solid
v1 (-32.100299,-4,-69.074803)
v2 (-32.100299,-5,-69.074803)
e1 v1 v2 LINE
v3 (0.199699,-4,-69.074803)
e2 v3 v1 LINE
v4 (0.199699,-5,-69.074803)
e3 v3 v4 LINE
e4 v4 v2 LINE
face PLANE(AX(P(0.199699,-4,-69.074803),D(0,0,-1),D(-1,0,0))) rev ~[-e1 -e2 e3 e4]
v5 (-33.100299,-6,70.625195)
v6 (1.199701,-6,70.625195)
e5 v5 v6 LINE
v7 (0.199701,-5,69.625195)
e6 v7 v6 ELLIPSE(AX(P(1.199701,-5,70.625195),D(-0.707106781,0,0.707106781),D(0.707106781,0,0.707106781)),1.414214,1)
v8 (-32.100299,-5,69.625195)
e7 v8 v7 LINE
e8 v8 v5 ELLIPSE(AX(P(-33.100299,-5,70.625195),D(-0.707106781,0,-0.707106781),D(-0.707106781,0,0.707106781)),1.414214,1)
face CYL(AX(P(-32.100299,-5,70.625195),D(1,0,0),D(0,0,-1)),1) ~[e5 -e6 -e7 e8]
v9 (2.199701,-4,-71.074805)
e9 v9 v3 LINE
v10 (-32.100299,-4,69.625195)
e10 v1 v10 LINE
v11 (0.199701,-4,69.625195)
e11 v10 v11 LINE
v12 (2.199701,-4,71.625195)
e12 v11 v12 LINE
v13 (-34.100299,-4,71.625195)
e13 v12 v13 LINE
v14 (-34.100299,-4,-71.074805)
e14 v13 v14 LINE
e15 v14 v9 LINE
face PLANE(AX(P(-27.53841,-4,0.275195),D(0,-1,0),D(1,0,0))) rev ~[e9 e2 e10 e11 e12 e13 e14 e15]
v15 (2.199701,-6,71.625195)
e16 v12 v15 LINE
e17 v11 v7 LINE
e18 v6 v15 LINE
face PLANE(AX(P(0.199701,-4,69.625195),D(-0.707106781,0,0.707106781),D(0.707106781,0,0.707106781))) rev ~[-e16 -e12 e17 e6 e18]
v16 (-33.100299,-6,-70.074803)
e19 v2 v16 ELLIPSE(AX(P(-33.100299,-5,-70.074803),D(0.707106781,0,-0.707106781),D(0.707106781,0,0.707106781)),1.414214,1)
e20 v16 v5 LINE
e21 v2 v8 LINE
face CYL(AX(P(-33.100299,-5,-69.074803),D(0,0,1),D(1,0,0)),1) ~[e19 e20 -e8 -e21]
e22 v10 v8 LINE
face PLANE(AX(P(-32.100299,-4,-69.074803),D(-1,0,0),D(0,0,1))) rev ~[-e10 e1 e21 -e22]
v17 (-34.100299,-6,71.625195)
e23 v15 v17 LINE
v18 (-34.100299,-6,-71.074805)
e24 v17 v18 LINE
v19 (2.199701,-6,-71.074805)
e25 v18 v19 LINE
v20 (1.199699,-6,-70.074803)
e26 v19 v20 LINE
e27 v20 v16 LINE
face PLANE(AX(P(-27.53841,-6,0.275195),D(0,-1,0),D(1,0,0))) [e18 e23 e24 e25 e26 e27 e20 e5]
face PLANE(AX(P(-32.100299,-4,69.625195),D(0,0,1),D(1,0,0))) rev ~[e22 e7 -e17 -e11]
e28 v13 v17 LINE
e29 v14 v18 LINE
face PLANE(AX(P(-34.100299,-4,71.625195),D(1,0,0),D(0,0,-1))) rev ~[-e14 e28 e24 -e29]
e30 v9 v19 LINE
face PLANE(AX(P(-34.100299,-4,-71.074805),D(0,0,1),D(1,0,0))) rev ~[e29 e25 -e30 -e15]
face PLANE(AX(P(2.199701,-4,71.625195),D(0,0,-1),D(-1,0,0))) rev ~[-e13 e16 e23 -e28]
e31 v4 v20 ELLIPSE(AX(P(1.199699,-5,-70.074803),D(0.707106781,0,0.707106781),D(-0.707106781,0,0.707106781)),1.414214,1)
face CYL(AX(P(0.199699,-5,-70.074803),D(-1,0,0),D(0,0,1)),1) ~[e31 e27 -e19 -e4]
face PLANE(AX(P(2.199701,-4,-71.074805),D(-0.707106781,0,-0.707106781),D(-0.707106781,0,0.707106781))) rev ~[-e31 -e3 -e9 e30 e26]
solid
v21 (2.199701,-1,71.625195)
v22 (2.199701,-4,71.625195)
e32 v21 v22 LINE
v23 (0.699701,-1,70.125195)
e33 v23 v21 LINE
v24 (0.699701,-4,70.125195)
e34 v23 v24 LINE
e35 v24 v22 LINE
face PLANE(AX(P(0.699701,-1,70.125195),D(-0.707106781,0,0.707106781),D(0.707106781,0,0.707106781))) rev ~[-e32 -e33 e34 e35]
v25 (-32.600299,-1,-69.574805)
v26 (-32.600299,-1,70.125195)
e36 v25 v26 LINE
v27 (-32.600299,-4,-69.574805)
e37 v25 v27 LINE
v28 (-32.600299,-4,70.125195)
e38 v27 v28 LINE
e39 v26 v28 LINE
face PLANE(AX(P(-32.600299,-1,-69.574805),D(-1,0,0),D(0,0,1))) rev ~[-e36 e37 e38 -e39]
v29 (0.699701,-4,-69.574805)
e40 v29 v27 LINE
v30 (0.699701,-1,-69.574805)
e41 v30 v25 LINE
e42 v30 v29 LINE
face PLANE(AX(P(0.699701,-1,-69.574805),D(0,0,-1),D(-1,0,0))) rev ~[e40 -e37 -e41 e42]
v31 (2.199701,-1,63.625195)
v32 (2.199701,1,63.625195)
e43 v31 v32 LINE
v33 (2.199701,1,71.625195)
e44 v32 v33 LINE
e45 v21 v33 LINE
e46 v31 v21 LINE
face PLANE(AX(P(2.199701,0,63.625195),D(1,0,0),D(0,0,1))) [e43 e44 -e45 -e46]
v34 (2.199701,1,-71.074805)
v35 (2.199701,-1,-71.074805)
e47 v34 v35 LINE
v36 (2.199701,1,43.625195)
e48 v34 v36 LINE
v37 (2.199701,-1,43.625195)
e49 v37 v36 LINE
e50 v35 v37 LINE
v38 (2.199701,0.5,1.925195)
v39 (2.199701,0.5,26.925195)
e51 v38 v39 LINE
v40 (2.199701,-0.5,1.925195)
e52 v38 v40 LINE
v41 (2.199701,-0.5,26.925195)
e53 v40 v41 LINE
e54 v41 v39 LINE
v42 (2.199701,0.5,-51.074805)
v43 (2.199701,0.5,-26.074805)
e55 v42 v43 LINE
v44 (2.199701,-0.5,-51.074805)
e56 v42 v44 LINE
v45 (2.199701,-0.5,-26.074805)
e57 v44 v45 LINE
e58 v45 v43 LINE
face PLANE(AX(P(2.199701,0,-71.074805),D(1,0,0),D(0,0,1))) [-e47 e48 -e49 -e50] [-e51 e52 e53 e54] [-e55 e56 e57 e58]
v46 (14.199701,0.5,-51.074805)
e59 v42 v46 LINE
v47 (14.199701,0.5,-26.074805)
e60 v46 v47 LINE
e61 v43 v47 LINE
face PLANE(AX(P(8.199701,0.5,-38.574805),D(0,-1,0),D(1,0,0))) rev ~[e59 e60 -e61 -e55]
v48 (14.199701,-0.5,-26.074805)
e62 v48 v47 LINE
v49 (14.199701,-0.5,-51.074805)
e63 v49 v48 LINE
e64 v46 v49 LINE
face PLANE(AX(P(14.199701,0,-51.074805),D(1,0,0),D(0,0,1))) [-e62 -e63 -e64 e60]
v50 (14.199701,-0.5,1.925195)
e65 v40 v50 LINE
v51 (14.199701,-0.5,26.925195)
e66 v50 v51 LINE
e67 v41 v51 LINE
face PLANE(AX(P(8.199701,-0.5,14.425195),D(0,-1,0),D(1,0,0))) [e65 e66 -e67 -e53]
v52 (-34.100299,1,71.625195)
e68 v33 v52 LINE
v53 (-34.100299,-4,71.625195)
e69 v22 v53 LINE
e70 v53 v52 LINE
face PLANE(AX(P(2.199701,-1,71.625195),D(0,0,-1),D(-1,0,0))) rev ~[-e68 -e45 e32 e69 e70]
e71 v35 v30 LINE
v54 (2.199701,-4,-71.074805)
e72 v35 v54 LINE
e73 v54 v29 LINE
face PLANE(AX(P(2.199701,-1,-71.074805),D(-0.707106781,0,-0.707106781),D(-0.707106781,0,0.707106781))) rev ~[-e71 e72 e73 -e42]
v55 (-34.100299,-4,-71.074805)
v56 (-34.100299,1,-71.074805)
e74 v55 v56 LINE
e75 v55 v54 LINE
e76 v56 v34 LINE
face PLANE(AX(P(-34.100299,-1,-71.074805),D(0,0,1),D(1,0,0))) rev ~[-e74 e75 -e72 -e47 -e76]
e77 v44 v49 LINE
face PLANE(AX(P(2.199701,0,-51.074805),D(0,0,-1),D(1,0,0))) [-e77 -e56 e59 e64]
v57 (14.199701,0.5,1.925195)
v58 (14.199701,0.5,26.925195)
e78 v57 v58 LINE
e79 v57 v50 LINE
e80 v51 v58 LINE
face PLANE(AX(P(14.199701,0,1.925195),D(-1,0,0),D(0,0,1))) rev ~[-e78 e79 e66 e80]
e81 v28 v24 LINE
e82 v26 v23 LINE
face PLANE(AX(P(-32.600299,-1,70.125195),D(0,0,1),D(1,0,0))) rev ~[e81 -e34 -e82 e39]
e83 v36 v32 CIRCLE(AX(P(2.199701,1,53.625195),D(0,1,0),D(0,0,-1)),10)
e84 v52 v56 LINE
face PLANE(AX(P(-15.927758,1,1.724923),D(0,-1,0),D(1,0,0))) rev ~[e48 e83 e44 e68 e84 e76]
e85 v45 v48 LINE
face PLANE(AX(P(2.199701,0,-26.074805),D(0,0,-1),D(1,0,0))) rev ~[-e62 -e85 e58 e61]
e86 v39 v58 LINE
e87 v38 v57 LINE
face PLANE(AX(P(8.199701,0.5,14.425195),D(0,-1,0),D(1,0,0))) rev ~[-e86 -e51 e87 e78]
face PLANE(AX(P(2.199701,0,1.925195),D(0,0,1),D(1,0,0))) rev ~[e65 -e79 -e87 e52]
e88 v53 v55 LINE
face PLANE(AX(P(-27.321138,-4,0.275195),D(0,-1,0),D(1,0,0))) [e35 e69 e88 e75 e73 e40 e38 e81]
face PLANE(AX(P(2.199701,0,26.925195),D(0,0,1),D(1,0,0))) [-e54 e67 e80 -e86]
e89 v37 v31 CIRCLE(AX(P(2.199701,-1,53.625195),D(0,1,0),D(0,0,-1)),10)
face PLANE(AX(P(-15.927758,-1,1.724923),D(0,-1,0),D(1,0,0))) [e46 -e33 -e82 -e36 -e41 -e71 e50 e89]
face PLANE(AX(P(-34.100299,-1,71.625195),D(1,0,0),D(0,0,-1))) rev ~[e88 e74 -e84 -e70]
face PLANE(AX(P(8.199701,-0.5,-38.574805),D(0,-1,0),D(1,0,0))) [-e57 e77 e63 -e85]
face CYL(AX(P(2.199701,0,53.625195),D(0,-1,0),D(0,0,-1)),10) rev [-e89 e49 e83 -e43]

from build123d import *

# Parameters (mm, degrees)
F1_DEPTH = 1
F0_W     = 12
F0_H     = 25
F2_DEPTH = 0.5
F4_DEPTH = 3
F6_DEPTH = 2
F7_R     = 1


with BuildPart() as f1:
    # F0 (on Front) → F1 (new body, symmetric)
    with BuildSketch(Plane.XZ):
        with BuildLine():
            Line((2.199701, 71.625195), (-34.100299, 71.625195))
            Line((-34.100299, 71.625195), (-34.100299, -71.074805))
            Line((-34.100299, -71.074805), (2.199701, -71.074805))
            Line((2.199701, -71.074805), (2.199701, -51.074805))
            Line((2.199701, -51.074805), (2.199701, -26.074805))
            Line((2.199701, -26.074805), (2.199701, 1.925195))
            Line((2.199701, 1.925195), (2.199701, 26.925195))
            Line((2.199701, 26.925195), (2.199701, 43.625195))
            ThreePointArc((2.199701, 43.625195), (-7.800299, 53.625195), (2.199701, 63.625195))
            Line((2.199701, 63.625195), (2.199701, 71.625195))
        make_face()
    extrude(amount=F1_DEPTH, both=True)

    # F0 (on Front) → F2 (join, symmetric)
    with BuildSketch(Plane.XZ):
        with Locations((8.199701, 14.425195)):
            Rectangle(F0_W, F0_H)
        with Locations((8.199701, -38.574805)):
            Rectangle(F0_W, F0_H)
    extrude(amount=F2_DEPTH, both=True)

    # F3 (on face) → F4 (join)
    with BuildSketch(Plane.XZ.offset(1)):
        Polygon((-34.100299, -71.074805), (2.199701, -71.074805), (0.699701, -69.574805), (-32.600299, -69.574805), (-32.600299, 70.125195), (0.699701, 70.125195), (2.199701, 71.625195), (-34.100299, 71.625195), align=None)
    extrude(amount=F4_DEPTH)


with BuildPart() as f6:
    # F5 (on face) → F6 (new body)
    with BuildSketch(Plane.XZ.offset(4)):
        Polygon((-34.100299, -71.074805), (2.199701, -71.074805), (1.1997, -70.074804), (-33.100299, -70.074804), (-33.100299, 70.625195), (1.199701, 70.625195), (2.199701, 71.625195), (-34.100299, 71.625195), align=None)
        Polygon((-33.100299, -70.074804), (1.1997, -70.074804), (0.199699, -69.074803), (-32.100299, -69.074803), (-32.100299, 69.625195), (0.199701, 69.625195), (1.199701, 70.625195), (-33.100299, 70.625195), align=None)
    extrude(amount=F6_DEPTH)

    # F7
    f7_edges = [f6.edges().sort_by_distance(p)[0] for p in [
        (-32.100299, -6, 0.275196),
        (-15.950299, -6, 69.625195),
        (-15.9503, -6, -69.074803),
    ]]
    fillet(f7_edges, radius=F7_R)


solid = Compound([f1.part, f6.part])
